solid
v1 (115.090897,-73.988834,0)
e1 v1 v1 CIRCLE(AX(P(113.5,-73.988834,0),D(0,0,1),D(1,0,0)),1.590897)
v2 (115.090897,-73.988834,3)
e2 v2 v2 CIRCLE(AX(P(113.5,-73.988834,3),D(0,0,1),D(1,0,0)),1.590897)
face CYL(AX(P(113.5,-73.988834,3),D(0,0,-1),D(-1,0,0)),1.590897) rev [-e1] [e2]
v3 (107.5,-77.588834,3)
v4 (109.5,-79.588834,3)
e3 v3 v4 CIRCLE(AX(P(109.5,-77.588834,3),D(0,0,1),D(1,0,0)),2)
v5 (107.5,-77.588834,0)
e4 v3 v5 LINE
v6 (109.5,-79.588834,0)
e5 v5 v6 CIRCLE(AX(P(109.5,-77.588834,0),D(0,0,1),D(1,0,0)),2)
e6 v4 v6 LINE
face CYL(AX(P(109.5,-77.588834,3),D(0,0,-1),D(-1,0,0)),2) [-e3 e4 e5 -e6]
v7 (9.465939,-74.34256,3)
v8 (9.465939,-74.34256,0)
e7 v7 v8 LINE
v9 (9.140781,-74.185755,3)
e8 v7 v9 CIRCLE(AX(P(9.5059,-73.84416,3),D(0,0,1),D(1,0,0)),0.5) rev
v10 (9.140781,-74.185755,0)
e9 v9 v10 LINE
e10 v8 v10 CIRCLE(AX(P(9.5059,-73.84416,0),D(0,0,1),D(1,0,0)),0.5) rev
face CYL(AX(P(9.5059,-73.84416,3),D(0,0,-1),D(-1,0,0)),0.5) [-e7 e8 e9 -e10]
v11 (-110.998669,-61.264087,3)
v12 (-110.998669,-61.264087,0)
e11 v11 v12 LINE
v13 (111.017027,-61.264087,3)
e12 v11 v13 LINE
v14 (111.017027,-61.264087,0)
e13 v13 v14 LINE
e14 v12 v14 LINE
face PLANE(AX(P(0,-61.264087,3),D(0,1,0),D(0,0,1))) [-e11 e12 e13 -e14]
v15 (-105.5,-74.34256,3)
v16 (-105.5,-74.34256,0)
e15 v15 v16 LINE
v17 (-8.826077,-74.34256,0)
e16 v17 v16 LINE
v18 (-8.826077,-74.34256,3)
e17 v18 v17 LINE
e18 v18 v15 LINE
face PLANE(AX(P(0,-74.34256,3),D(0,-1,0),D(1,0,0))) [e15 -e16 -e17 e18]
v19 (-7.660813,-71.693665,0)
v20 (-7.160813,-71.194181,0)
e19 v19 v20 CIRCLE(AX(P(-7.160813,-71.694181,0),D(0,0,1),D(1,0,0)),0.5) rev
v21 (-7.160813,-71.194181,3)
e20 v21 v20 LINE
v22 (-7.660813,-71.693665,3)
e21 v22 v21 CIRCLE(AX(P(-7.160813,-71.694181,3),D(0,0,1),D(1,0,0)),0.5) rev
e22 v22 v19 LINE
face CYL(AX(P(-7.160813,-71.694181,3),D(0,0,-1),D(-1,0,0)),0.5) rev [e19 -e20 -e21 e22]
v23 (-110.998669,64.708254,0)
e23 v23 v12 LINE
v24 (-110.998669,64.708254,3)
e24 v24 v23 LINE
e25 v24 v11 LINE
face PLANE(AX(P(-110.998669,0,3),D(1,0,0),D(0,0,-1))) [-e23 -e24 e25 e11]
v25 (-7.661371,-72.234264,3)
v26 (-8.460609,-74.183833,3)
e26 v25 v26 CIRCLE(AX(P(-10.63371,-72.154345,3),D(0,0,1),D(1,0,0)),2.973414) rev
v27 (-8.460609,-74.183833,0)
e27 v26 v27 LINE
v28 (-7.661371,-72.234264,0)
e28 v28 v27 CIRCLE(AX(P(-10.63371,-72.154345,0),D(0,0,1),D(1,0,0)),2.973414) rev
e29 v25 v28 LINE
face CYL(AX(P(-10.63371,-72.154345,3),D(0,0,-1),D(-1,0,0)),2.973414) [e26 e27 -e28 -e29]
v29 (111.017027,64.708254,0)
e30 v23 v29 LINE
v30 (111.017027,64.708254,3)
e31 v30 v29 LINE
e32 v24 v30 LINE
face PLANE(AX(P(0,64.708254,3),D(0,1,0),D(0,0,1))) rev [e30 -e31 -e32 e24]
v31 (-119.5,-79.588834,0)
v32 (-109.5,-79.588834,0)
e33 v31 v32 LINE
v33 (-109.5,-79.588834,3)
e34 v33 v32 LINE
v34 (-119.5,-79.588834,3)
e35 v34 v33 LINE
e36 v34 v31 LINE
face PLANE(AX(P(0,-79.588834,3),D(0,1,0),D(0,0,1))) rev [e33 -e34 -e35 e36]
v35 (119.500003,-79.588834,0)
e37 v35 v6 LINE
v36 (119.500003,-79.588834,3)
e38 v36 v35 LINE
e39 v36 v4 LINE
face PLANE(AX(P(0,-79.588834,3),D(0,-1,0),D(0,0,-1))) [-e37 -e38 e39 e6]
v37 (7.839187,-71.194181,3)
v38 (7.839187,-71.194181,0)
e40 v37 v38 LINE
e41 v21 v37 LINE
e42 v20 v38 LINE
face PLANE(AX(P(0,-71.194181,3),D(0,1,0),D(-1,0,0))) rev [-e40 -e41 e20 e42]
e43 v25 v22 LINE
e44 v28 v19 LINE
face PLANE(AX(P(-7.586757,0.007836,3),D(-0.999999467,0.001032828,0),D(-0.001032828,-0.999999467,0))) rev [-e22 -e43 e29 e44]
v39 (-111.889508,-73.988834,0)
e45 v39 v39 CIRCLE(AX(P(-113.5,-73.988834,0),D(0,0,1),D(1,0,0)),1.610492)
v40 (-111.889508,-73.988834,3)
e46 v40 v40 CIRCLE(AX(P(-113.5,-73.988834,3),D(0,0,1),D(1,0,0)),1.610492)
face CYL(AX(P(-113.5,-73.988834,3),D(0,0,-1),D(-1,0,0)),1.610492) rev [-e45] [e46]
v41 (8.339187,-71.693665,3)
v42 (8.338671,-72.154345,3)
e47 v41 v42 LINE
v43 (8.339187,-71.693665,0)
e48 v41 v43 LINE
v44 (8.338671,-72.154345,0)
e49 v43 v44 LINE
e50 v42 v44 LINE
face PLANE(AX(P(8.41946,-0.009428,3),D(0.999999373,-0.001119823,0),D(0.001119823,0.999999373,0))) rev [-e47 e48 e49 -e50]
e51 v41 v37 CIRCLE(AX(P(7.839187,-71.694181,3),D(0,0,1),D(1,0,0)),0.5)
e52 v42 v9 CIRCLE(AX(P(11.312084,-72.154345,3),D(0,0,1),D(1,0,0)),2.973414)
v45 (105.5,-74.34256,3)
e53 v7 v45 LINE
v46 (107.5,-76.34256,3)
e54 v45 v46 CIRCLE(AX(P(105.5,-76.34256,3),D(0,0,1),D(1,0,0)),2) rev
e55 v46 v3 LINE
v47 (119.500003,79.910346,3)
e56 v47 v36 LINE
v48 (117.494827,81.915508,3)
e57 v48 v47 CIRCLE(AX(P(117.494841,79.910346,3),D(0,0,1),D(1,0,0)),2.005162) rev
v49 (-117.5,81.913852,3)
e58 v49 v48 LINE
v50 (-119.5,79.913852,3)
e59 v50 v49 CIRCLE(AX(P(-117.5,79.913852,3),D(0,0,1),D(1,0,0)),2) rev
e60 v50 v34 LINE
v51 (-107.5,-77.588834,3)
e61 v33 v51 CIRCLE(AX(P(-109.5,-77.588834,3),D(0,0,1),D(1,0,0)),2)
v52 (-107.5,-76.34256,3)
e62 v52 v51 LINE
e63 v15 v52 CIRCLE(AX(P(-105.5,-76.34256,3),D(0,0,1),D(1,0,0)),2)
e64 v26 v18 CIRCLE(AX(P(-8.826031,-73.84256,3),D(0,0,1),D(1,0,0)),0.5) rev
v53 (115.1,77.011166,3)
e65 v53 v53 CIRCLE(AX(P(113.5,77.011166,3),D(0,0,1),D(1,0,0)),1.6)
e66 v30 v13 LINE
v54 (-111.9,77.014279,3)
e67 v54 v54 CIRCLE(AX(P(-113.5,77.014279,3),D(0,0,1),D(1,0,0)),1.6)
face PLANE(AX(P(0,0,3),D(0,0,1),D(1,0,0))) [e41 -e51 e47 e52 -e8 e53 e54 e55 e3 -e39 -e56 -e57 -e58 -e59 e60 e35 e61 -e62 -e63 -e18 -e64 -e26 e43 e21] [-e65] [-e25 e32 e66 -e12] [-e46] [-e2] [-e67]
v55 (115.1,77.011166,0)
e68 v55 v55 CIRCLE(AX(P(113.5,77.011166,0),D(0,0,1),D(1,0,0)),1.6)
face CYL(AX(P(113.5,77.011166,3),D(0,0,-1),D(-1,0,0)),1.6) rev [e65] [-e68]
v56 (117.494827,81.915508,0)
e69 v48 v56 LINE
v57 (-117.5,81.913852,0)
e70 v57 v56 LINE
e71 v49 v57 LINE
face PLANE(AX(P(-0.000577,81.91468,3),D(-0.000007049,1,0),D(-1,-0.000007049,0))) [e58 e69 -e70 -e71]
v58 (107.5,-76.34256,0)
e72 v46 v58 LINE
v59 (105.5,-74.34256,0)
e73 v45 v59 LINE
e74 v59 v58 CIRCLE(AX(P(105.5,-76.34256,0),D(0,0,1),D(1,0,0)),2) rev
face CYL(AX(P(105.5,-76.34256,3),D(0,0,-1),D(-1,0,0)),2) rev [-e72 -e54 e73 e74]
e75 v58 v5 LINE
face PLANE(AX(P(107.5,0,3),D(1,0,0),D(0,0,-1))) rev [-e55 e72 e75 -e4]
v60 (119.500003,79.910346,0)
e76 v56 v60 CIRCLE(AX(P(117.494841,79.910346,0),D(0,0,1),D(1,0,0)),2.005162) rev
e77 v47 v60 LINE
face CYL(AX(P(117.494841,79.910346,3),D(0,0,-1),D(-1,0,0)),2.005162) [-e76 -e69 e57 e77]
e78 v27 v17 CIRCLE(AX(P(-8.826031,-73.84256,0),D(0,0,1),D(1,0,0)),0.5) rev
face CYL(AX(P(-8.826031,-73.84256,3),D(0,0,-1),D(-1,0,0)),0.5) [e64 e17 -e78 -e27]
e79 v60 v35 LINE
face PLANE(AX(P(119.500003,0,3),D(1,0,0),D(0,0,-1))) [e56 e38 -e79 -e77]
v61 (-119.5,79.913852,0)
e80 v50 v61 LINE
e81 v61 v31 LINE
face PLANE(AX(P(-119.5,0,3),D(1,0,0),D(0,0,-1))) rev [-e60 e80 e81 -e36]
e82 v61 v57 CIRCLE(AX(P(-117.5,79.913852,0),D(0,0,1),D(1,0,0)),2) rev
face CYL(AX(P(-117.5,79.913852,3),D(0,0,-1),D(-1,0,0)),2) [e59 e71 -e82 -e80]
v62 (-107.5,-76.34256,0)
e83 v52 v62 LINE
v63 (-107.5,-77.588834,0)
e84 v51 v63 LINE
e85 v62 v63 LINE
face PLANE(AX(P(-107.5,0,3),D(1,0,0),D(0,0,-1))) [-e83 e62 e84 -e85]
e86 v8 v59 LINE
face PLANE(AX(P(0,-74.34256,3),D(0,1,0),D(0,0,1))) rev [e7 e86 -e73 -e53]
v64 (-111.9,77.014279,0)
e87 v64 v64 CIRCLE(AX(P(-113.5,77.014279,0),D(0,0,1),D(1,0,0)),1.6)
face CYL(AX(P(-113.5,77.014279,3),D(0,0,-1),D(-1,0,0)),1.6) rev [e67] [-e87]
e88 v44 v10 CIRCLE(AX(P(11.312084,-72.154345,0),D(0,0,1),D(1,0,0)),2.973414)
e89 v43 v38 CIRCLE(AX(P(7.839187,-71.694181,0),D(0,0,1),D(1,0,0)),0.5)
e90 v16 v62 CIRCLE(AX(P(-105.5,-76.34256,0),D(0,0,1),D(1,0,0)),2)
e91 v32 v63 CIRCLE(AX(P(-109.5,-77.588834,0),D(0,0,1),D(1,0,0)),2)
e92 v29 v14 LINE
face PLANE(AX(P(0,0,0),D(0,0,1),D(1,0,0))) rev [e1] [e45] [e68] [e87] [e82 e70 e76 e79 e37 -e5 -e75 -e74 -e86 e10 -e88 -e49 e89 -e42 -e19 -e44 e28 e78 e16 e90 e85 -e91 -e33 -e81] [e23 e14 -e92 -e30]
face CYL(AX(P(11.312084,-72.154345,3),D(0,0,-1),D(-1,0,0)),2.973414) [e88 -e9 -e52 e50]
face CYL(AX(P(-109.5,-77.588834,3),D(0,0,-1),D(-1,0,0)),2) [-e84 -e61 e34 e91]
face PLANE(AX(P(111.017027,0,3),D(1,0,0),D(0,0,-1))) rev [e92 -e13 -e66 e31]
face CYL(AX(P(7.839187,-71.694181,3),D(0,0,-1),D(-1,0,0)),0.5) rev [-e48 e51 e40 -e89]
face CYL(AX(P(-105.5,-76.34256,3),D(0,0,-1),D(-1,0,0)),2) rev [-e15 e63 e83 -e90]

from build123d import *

# Parameters (mm, degrees)
SKETCH1_R           = 1.610492359
SKETCH1_R_2         = 1.59089725
SKETCH1_R_3         = 1.6
SKETCH1_W           = 222.015696088
SKETCH1_H           = 125.972340976
BOSS_EXTRUDE1_DEPTH = 3


with BuildPart() as part:
    # Sketch1 → Boss-Extrude1 (new body)
    with BuildSketch(Plane.XY):
        with BuildLine():
            Line((-105.5, -74.342560363), (-8.826077226, -74.342560363))
            ThreePointArc((-8.826077226, -74.342560363), (-8.626849156, -74.301174008), (-8.460609358, -74.183832695))
            ThreePointArc((-8.460609358, -74.183832695), (-7.882511931, -73.28221691), (-7.661371157, -72.234264423))
            Line((-7.661371157, -72.234264423), (-7.660812811, -71.693665015))
            ThreePointArc((-7.660812811, -71.693665015), (-7.514183841, -71.340445506), (-7.160813078, -71.194181429))
            Line((-7.160813078, -71.194181429), (7.839186922, -71.194181429))
            ThreePointArc((7.839186922, -71.194181429), (8.192557686, -71.340445506), (8.339186655, -71.693665015))
            Line((8.339186655, -71.693665015), (8.338670775, -72.154345161))
            ThreePointArc((8.338670775, -72.154345161), (8.546458509, -73.246362553), (9.140780516, -74.185755485))
            ThreePointArc((9.140780516, -74.185755485), (9.288714604, -74.294526792), (9.465938947, -74.342560363))
            Line((9.465938947, -74.342560363), (105.5, -74.342560363))
            ThreePointArc((105.5, -74.342560363), (106.914213562, -74.928346801), (107.5, -76.342560363))
            Line((107.5, -76.342560363), (107.5, -77.588833763))
            ThreePointArc((107.5, -77.588833763), (108.085786438, -79.003047325), (109.5, -79.588833763))
            Line((109.5, -79.588833763), (119.500003053, -79.588833763))
            Line((119.500003053, -79.588833763), (119.500003053, -78.888833763))
            Line((119.500003053, -78.888833763), (119.500003053, 79.91034623))
            ThreePointArc((119.500003053, 79.91034623), (118.912699712, 81.328214854), (117.494826949, 81.9155082))
            Line((117.494826949, 81.9155082), (-117.5, 81.913851764))
            ThreePointArc((-117.5, 81.913851764), (-118.914213562, 81.328065327), (-119.5, 79.913851764))
            Line((-119.5, 79.913851764), (-119.5, 0))
            Line((-119.5, 0), (-119.5, -78.888833763))
            Line((-119.5, -78.888833763), (-119.5, -79.588833763))
            Line((-119.5, -79.588833763), (-109.5, -79.588833763))
            ThreePointArc((-109.5, -79.588833763), (-108.085786438, -79.003047325), (-107.5, -77.588833763))
            Line((-107.5, -77.588833763), (-107.5, -76.342560363))
            ThreePointArc((-107.5, -76.342560363), (-106.914213562, -74.928346801), (-105.5, -74.342560363))
        make_face()
        with Locations((-113.5, -73.988833763)):
            Circle(SKETCH1_R, mode=Mode.SUBTRACT)
        with Locations((113.5, -73.988833763)):
            Circle(SKETCH1_R_2, mode=Mode.SUBTRACT)
        with Locations((-113.5, 77.014278693)):
            Circle(SKETCH1_R_3, mode=Mode.SUBTRACT)
        with Locations((0.009179053, 1.722083042)):
            Rectangle(SKETCH1_W, SKETCH1_H, mode=Mode.SUBTRACT)
        with Locations((113.5, 77.011166237)):
            Circle(SKETCH1_R_3, mode=Mode.SUBTRACT)
    extrude(amount=BOSS_EXTRUDE1_DEPTH)


solid = part.part
